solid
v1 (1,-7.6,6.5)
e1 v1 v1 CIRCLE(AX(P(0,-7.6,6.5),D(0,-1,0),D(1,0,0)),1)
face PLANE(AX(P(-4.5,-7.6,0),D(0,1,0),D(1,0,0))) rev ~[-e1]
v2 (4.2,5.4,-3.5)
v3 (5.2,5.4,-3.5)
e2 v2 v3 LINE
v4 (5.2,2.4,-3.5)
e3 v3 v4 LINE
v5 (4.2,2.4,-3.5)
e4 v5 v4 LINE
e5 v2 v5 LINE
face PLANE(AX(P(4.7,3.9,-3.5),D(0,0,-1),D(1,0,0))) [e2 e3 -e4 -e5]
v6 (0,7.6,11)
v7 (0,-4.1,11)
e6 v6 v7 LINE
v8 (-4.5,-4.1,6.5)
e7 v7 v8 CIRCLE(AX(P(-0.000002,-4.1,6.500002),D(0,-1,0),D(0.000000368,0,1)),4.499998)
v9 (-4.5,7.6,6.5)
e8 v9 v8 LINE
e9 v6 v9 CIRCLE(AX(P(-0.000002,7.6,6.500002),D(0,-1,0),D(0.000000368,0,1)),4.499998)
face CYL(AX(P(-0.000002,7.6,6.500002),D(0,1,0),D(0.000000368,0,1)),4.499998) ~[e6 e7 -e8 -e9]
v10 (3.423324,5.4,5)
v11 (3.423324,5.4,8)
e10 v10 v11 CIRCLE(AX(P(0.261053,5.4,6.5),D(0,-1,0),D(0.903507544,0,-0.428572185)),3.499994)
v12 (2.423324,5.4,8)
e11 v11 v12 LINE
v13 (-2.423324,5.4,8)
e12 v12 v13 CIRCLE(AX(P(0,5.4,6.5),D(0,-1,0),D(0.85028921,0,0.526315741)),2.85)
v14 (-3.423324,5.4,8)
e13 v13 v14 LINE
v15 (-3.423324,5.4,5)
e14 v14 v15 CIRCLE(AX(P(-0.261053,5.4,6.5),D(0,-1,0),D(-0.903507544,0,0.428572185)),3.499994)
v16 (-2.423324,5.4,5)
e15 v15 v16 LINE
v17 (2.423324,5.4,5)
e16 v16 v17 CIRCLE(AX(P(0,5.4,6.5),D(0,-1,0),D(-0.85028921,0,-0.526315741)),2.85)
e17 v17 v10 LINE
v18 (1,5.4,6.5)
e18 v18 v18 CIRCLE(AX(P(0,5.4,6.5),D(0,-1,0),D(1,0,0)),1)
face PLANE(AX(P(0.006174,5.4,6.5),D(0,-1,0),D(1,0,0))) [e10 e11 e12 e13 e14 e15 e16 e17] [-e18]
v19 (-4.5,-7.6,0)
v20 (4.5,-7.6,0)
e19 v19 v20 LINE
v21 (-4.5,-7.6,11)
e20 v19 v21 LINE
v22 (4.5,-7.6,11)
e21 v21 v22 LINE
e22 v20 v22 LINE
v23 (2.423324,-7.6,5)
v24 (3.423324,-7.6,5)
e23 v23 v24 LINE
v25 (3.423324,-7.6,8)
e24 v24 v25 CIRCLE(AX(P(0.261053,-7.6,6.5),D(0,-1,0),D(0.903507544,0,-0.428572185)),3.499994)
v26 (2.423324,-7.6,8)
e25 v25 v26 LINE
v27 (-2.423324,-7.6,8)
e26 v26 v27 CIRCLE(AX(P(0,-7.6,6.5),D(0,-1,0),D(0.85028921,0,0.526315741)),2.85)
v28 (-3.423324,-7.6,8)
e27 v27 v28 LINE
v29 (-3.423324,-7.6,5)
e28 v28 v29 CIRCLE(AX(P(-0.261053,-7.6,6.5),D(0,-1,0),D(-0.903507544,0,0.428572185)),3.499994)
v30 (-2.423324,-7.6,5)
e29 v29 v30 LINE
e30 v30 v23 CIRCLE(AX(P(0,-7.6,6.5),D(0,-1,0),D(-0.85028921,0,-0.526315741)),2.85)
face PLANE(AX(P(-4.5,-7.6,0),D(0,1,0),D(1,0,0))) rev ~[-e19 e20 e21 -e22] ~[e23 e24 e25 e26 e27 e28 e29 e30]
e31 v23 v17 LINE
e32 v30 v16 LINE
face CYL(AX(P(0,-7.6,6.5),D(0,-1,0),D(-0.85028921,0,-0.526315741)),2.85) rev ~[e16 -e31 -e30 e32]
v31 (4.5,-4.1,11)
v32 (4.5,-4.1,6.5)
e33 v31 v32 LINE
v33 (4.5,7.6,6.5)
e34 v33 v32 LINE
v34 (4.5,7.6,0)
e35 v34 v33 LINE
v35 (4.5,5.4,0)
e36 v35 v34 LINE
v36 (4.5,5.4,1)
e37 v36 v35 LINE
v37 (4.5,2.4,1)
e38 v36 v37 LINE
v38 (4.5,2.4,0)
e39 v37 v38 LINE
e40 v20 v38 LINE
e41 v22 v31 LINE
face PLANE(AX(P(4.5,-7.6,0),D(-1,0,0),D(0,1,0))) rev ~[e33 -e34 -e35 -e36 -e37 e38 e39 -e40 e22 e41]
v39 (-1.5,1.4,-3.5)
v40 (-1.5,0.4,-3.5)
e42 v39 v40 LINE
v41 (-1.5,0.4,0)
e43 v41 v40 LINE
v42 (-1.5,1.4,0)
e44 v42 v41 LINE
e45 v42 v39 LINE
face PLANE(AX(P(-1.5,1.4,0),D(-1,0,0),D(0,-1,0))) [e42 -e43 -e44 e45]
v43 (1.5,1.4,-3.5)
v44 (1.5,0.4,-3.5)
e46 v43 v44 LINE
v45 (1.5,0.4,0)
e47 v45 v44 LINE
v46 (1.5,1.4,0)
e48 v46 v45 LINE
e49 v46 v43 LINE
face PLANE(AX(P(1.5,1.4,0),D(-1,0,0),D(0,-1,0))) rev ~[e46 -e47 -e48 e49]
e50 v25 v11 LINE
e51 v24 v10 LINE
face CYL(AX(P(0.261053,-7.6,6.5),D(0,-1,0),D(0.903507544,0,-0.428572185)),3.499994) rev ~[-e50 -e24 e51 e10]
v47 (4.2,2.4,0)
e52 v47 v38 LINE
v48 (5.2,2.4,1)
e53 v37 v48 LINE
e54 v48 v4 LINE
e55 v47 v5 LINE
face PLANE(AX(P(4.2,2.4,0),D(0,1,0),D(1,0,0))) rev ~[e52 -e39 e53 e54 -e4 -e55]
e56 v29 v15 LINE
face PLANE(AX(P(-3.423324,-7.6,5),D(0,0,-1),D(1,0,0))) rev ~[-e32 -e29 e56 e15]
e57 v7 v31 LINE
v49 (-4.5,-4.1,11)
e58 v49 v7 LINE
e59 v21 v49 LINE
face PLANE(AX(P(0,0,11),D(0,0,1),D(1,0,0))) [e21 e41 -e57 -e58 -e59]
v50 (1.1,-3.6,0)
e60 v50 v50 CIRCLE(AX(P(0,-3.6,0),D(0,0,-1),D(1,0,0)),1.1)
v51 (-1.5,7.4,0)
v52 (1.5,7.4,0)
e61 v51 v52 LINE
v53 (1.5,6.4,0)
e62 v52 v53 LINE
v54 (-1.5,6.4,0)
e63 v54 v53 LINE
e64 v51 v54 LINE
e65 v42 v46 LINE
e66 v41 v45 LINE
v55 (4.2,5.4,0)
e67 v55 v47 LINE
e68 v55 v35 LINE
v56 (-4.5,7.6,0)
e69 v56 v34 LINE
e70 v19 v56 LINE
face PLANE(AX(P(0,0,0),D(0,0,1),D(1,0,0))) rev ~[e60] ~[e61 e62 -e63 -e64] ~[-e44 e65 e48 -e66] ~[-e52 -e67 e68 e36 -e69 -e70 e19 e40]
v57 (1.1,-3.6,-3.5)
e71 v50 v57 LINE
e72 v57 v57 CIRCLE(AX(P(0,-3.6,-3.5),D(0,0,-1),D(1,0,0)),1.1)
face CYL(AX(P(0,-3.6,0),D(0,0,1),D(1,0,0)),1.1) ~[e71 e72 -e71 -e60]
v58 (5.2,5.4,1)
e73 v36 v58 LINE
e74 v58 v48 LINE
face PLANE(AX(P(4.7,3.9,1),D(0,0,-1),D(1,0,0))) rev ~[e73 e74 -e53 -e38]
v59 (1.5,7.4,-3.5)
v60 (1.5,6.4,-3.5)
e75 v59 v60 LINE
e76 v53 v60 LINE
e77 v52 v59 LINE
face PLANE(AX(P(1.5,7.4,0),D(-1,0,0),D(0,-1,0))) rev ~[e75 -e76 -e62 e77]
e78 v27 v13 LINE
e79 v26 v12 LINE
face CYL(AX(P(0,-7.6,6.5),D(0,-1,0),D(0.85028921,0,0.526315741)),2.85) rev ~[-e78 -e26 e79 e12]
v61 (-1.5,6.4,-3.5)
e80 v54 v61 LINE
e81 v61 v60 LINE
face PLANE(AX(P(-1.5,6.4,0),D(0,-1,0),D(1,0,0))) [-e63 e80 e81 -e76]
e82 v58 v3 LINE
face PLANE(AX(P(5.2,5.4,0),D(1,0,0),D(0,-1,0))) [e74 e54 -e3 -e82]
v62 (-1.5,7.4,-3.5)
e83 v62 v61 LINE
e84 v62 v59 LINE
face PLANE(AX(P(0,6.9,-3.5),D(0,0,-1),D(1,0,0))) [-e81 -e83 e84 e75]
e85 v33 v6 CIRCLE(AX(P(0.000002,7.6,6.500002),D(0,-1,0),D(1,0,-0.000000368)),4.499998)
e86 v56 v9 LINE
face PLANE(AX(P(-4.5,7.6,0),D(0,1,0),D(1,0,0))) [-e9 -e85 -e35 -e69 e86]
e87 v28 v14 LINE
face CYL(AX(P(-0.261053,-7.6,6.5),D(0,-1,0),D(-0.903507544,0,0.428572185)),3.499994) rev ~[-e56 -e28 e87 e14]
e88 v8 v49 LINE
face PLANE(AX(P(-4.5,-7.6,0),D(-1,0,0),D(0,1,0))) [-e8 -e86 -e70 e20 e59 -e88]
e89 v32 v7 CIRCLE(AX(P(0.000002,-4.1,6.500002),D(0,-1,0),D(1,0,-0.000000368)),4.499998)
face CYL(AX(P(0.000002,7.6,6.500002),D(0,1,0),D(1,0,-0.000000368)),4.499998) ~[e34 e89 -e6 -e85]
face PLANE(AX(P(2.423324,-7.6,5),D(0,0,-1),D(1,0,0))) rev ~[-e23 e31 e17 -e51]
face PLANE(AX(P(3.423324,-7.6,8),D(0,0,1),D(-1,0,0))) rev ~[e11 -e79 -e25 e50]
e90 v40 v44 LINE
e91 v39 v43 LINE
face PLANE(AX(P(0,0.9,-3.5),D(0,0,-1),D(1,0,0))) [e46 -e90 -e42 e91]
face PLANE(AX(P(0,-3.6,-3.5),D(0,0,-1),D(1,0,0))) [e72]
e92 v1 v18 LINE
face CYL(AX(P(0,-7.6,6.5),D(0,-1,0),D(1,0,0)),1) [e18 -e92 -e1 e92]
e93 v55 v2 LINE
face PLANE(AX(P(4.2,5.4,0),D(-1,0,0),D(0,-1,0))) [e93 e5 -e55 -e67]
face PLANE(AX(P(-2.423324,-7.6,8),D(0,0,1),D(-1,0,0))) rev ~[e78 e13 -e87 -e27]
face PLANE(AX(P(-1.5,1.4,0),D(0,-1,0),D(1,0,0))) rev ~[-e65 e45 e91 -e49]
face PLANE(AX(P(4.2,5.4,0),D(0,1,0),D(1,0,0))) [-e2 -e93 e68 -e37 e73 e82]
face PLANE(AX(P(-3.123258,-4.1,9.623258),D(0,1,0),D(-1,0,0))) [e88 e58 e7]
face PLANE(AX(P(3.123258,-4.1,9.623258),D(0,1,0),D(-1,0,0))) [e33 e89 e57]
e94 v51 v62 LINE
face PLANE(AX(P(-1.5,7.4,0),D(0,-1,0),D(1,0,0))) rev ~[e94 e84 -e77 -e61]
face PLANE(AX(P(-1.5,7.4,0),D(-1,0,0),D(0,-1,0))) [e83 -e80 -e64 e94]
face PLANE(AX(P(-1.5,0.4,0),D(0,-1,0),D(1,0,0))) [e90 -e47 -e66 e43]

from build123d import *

# Parameters (mm, degrees)
F0_W          = 9
F0_H          = 15.2
F1_DEPTH      = 11
F3_DEPTH      = 11.7
F4_R          = 1
F5_DEPTH      = 13
F6_R          = 1.1
F6_W          = 3
F6_H          = 1
F6_W_2        = 1
F6_H_2        = 3
F7_DEPTH      = 3.5
F7_DEPTH_BACK = 1


with BuildPart() as f1:
    # F0 (on Top) → F1 (new body)
    with BuildSketch(Plane.XY):
        Rectangle(F0_W, F0_H)
    extrude(amount=F1_DEPTH)

    # F2 (on face) → F3 (cut)
    with BuildSketch(Plane(origin=(0, 7.6, 0), x_dir=(-1, 0, 0), z_dir=(0, 1, 0))):
        with BuildLine():
            ThreePointArc((-4.5, 6.5), (-3.181981, 9.681981), (0, 11))
            Line((0, 11), (-4.5, 11))
            Line((-4.5, 11), (-4.5, 6.5))
        make_face()
        with BuildLine():
            ThreePointArc((0, 11), (3.181981, 9.681981), (4.5, 6.5))
            Line((4.5, 6.5), (4.5, 11))
            Line((4.5, 11), (0, 11))
        make_face()
    extrude(amount=-F3_DEPTH, mode=Mode.SUBTRACT)

    # F4 (on face) → F5 (cut)
    with BuildSketch(Plane.XZ.offset(7.6)):
        with BuildLine():
            ThreePointArc((2.423324, 5), (2.741256, 5.720248), (2.85, 6.5))
            ThreePointArc((2.85, 6.5), (2.741256, 7.279752), (2.423324, 8))
            ThreePointArc((2.423324, 8), (0, 9.35), (-2.423324, 8))
            ThreePointArc((-2.423324, 8), (-2.85, 6.5), (-2.423324, 5))
            ThreePointArc((-2.423324, 5), (0, 3.65), (2.423324, 5))
        make_face()
        with Locations((0, 6.5)):
            Circle(F4_R, mode=Mode.SUBTRACT)
        with BuildLine():
            ThreePointArc((-2.423324, 5), (-2.85, 6.5), (-2.423324, 8))
            Line((-2.423324, 8), (-3.423324, 8))
            ThreePointArc((-3.423324, 8), (-3.761047, 6.5), (-3.423324, 5))
            Line((-3.423324, 5), (-2.423324, 5))
        make_face()
        with BuildLine():
            ThreePointArc((2.423324, 8), (2.741256, 7.279752), (2.85, 6.5))
            ThreePointArc((2.85, 6.5), (2.741256, 5.720248), (2.423324, 5))
            Line((2.423324, 5), (3.423324, 5))
            ThreePointArc((3.423324, 5), (3.761047, 6.5), (3.423324, 8))
            Line((3.423324, 8), (2.423324, 8))
        make_face()
    extrude(amount=-F5_DEPTH, mode=Mode.SUBTRACT)

    # F6 (on face) → F7 (join, two sides)
    with BuildSketch(Plane(origin=(0, 0, 0), x_dir=(1, 0, 0), z_dir=(0, 0, -1))) as f7_sk:
        with Locations((0, 3.6)):
            Circle(F6_R)
        with Locations((0, -0.9)):
            Rectangle(F6_W, F6_H)
        with Locations((0, -6.9)):
            Rectangle(F6_W, F6_H)
        with Locations((4.7, -3.9)):
            Rectangle(F6_W_2, F6_H_2)
    extrude(amount=F7_DEPTH)
    extrude(f7_sk.sketch, amount=-F7_DEPTH_BACK)


solid = f1.part
